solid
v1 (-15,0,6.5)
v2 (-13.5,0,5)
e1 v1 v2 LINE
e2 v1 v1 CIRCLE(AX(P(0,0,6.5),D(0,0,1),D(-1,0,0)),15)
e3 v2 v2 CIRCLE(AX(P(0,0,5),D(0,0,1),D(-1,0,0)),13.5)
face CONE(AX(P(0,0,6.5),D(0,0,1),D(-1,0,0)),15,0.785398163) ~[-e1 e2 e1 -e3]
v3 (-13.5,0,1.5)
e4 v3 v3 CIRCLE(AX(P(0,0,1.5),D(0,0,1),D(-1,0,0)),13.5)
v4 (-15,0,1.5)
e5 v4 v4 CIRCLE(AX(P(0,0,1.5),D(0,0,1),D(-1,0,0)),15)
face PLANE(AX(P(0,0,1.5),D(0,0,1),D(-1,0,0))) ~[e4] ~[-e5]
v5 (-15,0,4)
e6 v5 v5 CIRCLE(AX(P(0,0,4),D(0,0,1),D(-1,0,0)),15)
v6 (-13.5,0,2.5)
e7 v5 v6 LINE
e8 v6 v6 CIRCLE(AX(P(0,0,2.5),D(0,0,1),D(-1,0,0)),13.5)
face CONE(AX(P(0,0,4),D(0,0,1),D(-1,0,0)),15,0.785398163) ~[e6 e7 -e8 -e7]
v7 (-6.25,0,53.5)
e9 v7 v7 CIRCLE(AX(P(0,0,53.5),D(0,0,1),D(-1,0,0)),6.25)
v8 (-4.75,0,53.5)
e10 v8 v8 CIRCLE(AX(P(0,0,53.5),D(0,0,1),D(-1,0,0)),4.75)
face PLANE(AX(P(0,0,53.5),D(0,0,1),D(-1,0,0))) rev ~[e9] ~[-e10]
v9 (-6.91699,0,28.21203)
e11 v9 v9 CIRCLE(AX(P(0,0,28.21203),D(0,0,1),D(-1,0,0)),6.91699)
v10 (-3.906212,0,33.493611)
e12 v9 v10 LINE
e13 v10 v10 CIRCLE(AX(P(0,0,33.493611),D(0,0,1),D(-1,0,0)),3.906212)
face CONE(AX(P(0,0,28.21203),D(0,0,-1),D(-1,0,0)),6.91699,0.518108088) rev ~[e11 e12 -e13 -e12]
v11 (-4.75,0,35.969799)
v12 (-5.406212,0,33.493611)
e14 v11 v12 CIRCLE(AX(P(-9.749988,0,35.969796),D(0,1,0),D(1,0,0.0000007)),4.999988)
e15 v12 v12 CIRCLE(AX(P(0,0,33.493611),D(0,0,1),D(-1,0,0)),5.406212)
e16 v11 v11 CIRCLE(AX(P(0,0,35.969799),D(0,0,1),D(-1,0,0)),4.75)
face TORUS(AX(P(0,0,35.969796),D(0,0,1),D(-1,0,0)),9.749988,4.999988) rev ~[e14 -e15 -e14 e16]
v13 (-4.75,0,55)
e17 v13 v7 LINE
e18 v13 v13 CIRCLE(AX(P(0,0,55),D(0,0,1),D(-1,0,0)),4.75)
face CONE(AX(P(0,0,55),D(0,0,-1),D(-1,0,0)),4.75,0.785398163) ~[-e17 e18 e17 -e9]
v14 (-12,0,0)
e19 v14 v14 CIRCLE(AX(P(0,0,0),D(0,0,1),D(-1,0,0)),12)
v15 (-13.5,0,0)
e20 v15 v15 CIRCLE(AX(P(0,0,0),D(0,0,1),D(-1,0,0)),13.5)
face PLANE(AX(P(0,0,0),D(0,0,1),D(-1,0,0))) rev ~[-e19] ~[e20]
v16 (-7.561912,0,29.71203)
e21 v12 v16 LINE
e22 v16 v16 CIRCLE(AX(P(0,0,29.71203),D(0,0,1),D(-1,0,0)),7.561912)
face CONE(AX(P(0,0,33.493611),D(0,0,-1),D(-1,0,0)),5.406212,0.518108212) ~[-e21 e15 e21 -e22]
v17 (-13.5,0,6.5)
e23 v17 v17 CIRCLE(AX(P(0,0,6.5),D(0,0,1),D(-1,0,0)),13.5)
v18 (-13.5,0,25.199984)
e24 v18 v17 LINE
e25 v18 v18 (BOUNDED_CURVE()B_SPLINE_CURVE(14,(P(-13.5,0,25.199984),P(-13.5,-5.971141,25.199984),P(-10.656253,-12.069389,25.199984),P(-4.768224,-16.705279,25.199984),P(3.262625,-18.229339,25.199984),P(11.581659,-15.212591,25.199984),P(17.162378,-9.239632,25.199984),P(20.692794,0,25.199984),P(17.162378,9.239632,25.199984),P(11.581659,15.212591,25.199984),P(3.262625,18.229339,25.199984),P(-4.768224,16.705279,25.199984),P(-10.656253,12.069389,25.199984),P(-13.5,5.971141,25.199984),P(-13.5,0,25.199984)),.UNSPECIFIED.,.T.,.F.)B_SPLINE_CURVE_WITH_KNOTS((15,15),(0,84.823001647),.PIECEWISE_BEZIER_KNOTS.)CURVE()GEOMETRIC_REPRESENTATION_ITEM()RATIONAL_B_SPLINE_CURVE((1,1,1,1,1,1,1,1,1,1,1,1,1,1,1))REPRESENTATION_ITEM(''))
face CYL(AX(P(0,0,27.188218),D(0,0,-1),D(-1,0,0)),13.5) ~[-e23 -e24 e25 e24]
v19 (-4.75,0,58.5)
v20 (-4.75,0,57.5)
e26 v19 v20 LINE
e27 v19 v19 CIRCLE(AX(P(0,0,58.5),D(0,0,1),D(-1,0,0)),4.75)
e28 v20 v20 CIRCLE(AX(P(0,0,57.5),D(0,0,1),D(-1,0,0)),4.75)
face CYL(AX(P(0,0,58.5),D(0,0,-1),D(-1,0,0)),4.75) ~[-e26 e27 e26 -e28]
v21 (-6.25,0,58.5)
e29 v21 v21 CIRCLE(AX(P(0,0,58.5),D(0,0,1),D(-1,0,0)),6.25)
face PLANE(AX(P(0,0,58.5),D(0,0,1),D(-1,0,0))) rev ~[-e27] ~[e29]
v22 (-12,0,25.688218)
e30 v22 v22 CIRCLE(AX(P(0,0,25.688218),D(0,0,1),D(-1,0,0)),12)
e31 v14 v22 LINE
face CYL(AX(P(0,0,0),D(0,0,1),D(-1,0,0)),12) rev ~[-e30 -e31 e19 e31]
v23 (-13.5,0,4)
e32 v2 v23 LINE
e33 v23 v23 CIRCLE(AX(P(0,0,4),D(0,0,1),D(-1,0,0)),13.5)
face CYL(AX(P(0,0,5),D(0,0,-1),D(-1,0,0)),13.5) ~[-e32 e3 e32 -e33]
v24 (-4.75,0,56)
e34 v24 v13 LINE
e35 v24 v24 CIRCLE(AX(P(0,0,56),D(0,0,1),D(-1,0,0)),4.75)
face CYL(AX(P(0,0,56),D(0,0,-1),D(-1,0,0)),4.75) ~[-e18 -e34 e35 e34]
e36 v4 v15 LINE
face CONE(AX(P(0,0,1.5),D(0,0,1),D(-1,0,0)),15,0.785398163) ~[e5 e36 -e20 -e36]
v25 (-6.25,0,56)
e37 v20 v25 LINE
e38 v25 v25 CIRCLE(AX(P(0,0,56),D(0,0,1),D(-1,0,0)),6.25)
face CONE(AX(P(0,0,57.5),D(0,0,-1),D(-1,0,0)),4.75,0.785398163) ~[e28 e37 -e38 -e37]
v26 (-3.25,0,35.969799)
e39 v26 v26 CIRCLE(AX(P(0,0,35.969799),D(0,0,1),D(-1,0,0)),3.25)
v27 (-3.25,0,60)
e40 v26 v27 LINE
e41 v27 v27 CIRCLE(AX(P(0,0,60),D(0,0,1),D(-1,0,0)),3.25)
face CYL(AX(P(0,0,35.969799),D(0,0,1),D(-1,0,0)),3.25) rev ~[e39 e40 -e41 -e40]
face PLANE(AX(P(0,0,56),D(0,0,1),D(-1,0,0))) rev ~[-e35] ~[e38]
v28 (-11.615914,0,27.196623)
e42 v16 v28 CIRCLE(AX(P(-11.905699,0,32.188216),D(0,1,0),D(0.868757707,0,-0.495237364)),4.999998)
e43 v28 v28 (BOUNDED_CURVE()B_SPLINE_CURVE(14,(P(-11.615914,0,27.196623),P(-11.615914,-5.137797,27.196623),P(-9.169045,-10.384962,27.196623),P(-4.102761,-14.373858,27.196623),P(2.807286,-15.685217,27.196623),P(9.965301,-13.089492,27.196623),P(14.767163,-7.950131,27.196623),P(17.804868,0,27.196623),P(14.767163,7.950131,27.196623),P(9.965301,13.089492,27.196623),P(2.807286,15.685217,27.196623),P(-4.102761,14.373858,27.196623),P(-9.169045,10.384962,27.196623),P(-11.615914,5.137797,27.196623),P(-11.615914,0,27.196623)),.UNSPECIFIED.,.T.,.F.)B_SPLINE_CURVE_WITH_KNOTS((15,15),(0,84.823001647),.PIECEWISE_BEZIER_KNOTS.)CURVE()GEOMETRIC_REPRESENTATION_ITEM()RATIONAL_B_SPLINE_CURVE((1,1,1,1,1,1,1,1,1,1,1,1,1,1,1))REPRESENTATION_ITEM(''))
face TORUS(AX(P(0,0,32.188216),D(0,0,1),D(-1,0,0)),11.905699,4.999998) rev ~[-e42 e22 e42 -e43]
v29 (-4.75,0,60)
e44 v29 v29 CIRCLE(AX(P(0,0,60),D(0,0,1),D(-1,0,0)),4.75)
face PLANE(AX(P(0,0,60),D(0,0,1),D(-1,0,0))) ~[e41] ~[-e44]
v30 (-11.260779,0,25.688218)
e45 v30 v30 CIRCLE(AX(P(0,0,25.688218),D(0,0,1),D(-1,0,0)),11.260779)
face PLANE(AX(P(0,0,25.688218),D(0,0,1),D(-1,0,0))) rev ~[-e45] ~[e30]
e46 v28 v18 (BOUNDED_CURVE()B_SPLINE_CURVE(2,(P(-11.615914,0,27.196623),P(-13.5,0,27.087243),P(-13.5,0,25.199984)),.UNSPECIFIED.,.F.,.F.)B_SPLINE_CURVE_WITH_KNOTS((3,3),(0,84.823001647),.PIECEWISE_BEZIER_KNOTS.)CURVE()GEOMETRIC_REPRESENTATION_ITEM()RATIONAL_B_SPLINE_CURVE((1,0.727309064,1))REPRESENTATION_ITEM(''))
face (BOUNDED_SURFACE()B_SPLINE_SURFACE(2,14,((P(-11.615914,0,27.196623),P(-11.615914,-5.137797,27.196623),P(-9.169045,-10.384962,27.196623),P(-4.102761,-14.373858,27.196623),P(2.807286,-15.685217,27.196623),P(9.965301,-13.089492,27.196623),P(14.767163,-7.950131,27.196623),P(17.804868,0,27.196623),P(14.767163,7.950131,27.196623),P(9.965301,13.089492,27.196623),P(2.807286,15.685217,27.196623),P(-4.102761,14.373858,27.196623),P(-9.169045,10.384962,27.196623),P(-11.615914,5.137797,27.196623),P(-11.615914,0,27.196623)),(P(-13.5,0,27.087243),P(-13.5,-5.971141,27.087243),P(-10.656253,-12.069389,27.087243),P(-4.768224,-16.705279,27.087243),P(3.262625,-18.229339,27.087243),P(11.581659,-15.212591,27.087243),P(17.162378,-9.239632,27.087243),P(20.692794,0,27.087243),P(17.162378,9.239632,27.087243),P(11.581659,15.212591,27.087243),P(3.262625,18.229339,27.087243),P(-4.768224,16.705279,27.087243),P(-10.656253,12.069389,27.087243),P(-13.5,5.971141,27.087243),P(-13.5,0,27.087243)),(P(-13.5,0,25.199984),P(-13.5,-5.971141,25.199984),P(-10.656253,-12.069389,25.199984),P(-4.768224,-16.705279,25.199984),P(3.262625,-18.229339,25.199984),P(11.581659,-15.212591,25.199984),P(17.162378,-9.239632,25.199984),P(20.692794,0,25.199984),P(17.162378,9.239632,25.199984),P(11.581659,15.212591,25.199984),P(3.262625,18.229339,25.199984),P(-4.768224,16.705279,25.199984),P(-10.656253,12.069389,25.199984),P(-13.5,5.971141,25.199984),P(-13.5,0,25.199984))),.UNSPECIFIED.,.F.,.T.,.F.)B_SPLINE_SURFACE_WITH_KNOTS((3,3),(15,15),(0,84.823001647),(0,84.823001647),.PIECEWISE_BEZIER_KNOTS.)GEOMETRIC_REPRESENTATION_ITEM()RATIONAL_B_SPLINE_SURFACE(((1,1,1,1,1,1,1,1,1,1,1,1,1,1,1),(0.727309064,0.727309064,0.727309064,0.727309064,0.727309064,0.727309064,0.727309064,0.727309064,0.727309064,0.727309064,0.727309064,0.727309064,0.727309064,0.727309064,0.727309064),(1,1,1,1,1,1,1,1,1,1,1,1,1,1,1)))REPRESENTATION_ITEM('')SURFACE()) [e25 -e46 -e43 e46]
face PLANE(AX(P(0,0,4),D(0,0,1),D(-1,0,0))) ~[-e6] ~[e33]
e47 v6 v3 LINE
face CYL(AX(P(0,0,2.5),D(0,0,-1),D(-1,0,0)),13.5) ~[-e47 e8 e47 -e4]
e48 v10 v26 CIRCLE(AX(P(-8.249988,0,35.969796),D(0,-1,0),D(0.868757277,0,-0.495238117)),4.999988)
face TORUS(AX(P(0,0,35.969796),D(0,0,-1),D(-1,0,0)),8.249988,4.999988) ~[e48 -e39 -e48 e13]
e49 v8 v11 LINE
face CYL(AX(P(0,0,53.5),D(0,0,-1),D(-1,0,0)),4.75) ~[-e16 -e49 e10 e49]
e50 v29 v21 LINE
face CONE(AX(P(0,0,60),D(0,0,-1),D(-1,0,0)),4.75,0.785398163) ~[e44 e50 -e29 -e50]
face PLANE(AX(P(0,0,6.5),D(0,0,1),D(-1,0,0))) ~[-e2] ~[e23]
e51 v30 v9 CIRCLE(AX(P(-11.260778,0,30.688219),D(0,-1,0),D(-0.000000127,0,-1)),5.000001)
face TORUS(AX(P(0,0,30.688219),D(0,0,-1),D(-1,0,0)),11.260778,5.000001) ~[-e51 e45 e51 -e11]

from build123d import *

# Parameters (mm, degrees)
F2_R = 2


with BuildPart() as f1:
    # F0 (on Front) → F1 (revolve)
    with BuildSketch(Plane.XZ):
        with BuildLine():
            Line((-13.5, 2.5), (-13.5, 1.5))
            Line((-13.5, 1.5), (-15, 1.5))
            Line((-15, 1.5), (-13.5, 0))
            Line((-13.5, 0), (-12, 0))
            Line((-12, 0), (-12, 25.688218))
            Line((-12, 25.688218), (-11.260779, 25.688218))
            ThreePointArc((-11.260779, 25.688218), (-8.748901, 26.36497), (-6.91699, 28.21203))
            Line((-6.91699, 28.21203), (-3.906212, 33.493611))
            ThreePointArc((-3.906212, 33.493611), (-3.416836, 34.688967), (-3.25, 35.969799))
            Line((-3.25, 35.969799), (-3.25, 60))
            Line((-3.25, 60), (-4.75, 60))
            Line((-4.75, 60), (-6.25, 58.5))
            Line((-6.25, 58.5), (-4.75, 58.5))
            Line((-4.75, 58.5), (-4.75, 57.5))
            Line((-4.75, 57.5), (-6.25, 56))
            Line((-6.25, 56), (-4.75, 56))
            Line((-4.75, 56), (-4.75, 55))
            Line((-4.75, 55), (-6.25, 53.5))
            Line((-6.25, 53.5), (-4.75, 53.5))
            Line((-4.75, 53.5), (-4.75, 35.969799))
            ThreePointArc((-4.75, 35.969799), (-4.916836, 34.688967), (-5.406212, 33.493611))
            Line((-5.406212, 33.493611), (-7.561912, 29.71203))
            ThreePointArc((-7.561912, 29.71203), (-9.393822, 27.86497), (-11.9057, 27.188218))
            Line((-11.9057, 27.188218), (-13.5, 27.188218))
            Line((-13.5, 27.188218), (-13.5, 6.5))
            Line((-13.5, 6.5), (-15, 6.5))
            Line((-15, 6.5), (-13.5, 5))
            Line((-13.5, 5), (-13.5, 4))
            Line((-13.5, 4), (-15, 4))
            Line((-15, 4), (-13.5, 2.5))
        make_face()
    revolve(axis=Axis((0, 0, 43.055264), (0, 0, 1)))

    # F2
    f2_edges = [f1.edges().sort_by_distance(p)[0] for p in [
        (13.5, 0, 27.188218),
    ]]
    fillet(f2_edges, radius=F2_R)


solid = f1.part
